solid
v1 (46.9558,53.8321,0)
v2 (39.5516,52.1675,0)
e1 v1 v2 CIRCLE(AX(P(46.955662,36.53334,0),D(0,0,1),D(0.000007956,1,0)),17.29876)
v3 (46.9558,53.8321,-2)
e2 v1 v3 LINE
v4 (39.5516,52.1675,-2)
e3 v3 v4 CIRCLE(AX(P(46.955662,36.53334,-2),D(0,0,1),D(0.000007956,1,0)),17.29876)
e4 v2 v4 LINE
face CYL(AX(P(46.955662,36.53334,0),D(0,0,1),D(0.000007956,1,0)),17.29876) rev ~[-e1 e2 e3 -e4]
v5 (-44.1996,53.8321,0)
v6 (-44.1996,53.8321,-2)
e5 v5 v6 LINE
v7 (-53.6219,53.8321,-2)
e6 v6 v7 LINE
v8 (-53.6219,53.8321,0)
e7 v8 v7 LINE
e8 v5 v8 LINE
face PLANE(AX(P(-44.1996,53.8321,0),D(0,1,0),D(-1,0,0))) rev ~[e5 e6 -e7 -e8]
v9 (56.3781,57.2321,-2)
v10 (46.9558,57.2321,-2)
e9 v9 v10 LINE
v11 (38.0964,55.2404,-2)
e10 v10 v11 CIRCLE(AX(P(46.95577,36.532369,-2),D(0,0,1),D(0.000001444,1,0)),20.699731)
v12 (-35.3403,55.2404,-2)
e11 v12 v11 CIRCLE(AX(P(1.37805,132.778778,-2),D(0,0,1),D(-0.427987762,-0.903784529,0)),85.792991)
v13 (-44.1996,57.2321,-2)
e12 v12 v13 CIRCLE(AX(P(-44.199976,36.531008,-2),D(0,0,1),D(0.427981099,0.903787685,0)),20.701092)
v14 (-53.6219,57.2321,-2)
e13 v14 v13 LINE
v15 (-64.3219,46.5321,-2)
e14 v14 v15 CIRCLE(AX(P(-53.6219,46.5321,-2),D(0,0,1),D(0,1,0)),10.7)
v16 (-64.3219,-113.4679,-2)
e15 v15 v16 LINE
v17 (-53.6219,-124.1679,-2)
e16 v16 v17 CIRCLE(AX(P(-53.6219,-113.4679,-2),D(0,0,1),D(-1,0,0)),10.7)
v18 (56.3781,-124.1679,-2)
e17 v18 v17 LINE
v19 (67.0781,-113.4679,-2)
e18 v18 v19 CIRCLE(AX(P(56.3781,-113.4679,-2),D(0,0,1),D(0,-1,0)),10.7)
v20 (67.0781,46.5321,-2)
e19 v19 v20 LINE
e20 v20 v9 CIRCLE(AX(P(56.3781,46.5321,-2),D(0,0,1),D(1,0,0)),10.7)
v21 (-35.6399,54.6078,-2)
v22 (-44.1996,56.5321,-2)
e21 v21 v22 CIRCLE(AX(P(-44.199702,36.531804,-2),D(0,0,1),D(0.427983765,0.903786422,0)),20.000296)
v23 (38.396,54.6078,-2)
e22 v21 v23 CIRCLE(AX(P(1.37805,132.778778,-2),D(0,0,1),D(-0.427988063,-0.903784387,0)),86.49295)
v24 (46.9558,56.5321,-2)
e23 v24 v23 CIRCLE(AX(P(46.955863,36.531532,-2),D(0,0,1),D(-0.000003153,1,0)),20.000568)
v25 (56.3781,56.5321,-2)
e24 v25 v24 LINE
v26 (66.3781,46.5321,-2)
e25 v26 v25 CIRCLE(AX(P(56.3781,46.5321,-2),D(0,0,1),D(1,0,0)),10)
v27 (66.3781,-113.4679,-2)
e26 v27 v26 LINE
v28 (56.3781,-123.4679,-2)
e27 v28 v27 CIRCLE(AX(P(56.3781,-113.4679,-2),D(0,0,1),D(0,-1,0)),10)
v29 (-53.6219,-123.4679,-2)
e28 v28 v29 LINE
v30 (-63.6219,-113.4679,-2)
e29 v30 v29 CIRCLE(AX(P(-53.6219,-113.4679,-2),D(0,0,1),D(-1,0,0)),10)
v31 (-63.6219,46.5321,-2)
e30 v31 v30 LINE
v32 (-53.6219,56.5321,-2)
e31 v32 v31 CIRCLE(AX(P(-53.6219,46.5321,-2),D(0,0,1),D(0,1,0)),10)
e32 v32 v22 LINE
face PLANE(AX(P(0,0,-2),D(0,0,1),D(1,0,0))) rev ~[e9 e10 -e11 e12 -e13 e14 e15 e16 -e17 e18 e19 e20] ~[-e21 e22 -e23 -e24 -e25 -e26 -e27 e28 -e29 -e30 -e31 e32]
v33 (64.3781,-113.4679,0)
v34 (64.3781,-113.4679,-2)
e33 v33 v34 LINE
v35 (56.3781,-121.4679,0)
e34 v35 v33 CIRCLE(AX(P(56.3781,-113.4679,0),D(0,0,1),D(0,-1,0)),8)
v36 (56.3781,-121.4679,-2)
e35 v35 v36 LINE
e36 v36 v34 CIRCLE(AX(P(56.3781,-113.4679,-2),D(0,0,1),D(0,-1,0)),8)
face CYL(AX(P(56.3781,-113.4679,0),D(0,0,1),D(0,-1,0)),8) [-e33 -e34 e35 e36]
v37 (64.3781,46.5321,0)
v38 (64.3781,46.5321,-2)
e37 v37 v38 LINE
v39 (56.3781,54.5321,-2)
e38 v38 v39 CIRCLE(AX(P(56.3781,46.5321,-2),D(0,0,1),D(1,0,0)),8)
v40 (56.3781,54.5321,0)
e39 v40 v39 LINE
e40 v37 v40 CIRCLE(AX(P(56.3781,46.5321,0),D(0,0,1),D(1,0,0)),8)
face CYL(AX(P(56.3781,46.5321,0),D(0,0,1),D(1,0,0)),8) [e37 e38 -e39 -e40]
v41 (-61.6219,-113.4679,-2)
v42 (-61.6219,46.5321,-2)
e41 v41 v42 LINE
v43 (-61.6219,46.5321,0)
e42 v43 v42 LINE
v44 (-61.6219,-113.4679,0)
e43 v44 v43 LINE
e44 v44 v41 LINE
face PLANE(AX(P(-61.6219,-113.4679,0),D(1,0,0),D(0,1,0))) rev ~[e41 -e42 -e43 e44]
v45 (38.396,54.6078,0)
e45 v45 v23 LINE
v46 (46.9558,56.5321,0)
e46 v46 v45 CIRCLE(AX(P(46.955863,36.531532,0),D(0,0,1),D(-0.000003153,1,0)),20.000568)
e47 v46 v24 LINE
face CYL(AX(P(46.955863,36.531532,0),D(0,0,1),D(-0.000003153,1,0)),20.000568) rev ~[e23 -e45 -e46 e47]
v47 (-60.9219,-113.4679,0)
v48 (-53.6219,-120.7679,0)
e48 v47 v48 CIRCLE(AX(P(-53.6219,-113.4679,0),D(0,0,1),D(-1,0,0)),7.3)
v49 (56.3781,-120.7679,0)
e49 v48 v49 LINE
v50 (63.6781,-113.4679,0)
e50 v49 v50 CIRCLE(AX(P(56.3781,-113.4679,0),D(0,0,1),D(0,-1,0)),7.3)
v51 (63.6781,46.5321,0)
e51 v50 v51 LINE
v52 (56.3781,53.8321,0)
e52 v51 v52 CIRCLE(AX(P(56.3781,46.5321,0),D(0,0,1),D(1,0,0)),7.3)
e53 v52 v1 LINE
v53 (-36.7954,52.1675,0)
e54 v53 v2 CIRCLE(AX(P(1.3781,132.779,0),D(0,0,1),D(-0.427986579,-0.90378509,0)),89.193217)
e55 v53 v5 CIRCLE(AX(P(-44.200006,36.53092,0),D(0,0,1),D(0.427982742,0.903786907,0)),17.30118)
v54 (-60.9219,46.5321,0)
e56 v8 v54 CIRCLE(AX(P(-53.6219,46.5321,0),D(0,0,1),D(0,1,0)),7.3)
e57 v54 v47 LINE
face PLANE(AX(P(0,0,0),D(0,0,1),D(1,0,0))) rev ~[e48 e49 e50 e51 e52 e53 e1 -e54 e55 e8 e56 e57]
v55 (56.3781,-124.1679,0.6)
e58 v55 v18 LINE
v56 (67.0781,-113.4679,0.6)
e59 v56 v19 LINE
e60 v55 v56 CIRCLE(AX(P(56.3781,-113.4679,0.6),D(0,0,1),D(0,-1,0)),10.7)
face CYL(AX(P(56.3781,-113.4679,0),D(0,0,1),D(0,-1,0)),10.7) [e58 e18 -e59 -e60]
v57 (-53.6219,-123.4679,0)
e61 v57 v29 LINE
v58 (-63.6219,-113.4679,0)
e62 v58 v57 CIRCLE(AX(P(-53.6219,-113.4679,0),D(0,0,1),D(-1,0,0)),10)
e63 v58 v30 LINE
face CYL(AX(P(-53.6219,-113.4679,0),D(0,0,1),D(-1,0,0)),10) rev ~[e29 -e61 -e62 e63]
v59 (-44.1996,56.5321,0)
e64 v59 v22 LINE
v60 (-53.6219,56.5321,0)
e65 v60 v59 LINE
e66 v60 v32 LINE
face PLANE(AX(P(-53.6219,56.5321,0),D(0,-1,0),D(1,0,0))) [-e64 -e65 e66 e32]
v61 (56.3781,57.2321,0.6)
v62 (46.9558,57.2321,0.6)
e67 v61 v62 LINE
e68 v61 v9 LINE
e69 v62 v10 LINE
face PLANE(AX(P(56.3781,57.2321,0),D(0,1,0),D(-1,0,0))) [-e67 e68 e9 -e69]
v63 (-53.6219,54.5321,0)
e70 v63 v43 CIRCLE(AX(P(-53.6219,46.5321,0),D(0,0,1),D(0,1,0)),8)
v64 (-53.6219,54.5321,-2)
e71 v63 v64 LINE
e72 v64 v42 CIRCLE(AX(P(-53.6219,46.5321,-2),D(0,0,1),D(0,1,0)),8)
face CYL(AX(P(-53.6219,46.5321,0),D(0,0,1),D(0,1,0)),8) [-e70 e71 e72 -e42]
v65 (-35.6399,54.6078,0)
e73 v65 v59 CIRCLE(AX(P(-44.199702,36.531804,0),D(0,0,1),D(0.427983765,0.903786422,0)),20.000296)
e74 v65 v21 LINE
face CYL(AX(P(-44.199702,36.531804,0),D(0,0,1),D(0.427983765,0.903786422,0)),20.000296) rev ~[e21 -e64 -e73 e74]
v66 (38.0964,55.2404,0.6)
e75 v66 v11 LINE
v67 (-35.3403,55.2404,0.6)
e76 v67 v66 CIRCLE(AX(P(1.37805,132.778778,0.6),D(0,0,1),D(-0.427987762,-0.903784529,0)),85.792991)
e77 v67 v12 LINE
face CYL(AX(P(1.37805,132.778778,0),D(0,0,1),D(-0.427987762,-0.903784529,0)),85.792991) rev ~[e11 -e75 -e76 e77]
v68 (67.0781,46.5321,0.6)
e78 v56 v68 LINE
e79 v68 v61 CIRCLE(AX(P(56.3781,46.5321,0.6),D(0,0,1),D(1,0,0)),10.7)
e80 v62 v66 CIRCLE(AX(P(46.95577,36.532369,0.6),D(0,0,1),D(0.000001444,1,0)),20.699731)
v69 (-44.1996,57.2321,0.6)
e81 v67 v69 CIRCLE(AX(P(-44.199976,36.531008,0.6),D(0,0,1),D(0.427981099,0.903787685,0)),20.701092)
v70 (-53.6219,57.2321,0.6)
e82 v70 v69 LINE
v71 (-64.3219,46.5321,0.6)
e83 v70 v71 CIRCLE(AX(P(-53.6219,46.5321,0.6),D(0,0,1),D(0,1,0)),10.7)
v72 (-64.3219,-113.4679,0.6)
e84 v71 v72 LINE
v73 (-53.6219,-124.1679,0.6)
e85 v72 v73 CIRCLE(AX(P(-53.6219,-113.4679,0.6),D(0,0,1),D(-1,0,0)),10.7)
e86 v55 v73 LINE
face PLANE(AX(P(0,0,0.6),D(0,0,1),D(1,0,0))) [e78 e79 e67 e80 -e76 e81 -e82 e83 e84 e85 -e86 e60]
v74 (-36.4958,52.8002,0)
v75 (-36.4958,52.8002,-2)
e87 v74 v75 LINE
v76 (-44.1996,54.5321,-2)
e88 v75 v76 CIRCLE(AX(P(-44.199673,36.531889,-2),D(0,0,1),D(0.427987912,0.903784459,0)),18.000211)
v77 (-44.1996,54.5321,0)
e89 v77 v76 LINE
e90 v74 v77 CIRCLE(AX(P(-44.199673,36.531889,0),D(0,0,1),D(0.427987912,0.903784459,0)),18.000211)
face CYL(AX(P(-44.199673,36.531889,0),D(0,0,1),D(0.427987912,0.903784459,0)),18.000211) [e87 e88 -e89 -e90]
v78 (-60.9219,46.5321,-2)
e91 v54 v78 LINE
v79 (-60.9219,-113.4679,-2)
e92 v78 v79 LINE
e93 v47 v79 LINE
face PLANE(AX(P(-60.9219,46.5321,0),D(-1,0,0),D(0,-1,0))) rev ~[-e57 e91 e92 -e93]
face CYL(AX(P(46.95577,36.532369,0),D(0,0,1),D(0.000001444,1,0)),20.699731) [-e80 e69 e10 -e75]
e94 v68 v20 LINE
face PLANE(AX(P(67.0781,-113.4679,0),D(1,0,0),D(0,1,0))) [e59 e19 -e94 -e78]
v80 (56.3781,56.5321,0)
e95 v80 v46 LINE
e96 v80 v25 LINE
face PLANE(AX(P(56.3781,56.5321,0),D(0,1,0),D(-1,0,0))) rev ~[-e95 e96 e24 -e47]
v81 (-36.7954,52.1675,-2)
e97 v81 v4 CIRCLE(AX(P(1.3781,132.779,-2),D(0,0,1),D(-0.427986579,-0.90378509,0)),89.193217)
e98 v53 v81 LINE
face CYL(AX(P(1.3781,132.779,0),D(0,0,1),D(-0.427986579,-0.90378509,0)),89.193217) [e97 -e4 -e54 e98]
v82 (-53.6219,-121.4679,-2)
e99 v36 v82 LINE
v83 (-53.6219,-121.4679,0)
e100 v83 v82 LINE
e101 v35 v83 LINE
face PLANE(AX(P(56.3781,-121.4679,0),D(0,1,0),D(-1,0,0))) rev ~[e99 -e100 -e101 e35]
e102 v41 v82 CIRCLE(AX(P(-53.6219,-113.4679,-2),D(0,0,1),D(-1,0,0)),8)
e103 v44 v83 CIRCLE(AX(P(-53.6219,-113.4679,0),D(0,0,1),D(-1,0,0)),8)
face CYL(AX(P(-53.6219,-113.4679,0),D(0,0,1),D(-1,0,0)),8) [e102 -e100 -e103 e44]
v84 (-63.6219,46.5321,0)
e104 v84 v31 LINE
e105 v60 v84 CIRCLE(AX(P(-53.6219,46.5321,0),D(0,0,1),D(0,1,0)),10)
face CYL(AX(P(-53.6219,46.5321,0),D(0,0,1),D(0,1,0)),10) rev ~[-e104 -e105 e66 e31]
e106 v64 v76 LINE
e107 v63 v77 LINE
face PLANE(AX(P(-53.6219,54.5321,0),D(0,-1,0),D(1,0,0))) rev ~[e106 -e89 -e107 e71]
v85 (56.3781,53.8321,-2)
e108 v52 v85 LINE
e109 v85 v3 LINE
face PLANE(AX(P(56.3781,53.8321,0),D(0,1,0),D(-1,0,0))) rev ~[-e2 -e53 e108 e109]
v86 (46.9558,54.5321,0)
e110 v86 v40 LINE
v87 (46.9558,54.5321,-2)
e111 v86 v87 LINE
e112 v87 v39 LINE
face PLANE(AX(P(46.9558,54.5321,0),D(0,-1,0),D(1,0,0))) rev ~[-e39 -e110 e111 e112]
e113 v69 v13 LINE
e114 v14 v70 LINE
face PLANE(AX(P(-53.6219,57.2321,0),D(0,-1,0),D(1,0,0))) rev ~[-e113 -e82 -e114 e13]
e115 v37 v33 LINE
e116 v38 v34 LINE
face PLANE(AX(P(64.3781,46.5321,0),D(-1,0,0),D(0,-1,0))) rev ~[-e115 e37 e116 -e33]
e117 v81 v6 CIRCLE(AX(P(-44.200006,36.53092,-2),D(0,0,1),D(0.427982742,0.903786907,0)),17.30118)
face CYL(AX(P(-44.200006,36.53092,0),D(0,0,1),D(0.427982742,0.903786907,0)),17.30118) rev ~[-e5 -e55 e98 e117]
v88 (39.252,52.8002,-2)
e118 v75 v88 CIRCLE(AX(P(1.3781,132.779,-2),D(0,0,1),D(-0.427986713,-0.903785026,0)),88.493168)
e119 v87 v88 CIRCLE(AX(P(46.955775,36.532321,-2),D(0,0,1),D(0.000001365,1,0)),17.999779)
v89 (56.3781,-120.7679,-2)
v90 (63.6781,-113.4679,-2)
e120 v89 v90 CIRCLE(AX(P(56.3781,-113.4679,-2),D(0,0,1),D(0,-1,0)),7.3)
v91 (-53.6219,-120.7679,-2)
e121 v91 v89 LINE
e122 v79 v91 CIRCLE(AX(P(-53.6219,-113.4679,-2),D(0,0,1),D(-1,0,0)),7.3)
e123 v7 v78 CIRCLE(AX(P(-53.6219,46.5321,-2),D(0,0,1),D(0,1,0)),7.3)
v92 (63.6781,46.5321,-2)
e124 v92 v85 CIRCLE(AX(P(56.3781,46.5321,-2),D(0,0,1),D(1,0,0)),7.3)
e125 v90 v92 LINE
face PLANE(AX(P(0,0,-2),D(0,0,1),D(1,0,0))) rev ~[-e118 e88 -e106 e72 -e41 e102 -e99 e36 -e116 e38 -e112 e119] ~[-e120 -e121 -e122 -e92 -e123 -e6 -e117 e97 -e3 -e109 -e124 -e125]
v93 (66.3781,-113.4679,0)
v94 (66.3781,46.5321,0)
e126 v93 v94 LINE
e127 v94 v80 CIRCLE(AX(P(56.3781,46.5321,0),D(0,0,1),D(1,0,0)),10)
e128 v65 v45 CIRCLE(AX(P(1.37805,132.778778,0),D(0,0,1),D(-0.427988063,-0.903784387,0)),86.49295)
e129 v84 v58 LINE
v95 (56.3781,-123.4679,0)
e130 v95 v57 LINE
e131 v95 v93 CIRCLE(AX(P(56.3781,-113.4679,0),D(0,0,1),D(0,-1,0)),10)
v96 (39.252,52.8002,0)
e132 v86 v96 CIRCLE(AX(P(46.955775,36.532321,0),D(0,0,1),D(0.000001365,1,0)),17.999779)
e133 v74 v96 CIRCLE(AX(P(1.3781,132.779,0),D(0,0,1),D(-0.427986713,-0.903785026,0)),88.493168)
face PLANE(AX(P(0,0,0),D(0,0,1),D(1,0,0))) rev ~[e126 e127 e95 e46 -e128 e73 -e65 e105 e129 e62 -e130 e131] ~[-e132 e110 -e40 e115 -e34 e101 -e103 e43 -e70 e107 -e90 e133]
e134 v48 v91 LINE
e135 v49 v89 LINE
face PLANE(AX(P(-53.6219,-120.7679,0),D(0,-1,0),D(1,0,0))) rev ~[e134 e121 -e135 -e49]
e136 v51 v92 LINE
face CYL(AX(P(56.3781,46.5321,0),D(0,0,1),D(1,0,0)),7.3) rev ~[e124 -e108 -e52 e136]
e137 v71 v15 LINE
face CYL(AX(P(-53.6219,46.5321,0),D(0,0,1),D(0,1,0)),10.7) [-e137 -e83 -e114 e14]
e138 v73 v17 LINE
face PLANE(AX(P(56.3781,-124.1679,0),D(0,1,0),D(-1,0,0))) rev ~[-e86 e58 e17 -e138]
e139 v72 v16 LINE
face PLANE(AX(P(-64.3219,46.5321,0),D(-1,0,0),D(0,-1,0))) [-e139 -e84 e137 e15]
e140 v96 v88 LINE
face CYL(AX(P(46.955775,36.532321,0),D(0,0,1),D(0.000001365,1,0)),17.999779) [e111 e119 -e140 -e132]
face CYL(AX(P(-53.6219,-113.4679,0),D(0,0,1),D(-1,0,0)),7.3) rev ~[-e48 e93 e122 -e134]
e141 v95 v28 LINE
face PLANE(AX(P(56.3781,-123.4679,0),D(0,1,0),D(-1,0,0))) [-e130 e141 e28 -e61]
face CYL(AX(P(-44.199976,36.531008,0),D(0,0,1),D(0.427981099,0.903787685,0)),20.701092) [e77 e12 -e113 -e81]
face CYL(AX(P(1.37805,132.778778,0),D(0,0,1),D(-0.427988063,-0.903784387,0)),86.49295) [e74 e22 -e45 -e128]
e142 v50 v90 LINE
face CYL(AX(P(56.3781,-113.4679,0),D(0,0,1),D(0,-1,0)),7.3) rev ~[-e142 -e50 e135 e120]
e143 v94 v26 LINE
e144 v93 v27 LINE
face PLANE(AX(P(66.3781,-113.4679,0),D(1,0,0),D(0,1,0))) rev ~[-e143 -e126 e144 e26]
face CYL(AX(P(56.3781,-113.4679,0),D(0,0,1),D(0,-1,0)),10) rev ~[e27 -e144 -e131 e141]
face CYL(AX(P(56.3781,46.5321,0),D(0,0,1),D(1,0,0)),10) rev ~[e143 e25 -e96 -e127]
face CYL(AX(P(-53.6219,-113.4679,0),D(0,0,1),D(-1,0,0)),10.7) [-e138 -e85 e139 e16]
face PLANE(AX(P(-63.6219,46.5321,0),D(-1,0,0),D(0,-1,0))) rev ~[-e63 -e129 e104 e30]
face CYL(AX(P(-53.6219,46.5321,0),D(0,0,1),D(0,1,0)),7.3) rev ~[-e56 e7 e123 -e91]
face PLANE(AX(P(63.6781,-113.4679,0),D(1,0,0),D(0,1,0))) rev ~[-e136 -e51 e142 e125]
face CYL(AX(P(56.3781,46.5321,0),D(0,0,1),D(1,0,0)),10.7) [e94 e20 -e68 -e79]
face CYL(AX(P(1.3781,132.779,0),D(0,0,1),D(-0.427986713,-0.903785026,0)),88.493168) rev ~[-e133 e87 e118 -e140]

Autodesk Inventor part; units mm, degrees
ref_plane "YZ Plane" through (0, 0, 0) normal (1, 0, 0) x (0, 1, 0)
ref_plane "XZ Plane" through (0, 0, 0) normal (0, 1, 0) x (-1, 0, 0)
ref_plane "XY Plane" through (0, 0, 0) normal (0, 0, 1) x (1, 0, 0)
sketch "Sketch1" plane through (0, 0, 0) normal (0, 0, 1) x (1, 0, 0)
  line L0 (-63.6219, 46.5321) -> (-63.6219, -113.4679)
  line L1 (-63.6219, -113.4679) -> (-63.6219, 46.5321)
  arc A0 (-53.6219, 56.5321) -> (-63.6219, 46.5321) centre (-53.6219, 46.5321) ccw
  arc A1 (-35.6399, 54.6078) -> (-44.1996, 56.5321) centre (-44.1996, 36.5321) ccw
  line L2 (-53.6219, 56.5321) -> (-44.1996, 56.5321)
  arc A2 (46.9558, 56.5321) -> (38.396, 54.6078) centre (46.9558, 36.5321) ccw
  line L3 (56.3781, 56.5321) -> (46.9558, 56.5321)
  line L4 (46.9558, 56.5321) -> (56.3781, 56.5321)
  line L5 (66.3781, -113.4679) -> (66.3781, 46.5321)
  line L6 (66.3781, 46.5321) -> (66.3781, -113.4679)
  arc A3 (56.3781, -123.4679) -> (66.3781, -113.4679) centre (56.3781, -113.4679) ccw
  line L7 (56.3781, -123.4679) -> (-53.6219, -123.4679)
  arc A4 (-63.6219, -113.4679) -> (-53.6219, -123.4679) centre (-53.6219, -113.4679) ccw
  arc A5 (-63.6219, -113.4679) -> (-53.6219, -123.4679) centre (-53.6219, -113.4679) ccw
  arc A6 (-53.6219, 56.5321) -> (-63.6219, 46.5321) centre (-53.6219, 46.5321) ccw
  arc A7 (-35.6399, 54.6078) -> (38.396, 54.6078) centre (1.3781, 132.779) ccw
  arc A8 (-35.6399, 54.6078) -> (38.396, 54.6078) centre (1.3781, 132.779) ccw
  arc A9 (66.3781, 46.5321) -> (56.3781, 56.5321) centre (56.3781, 46.5321) ccw
  arc A10 (56.3781, -123.4679) -> (66.3781, -113.4679) centre (56.3781, -113.4679) ccw
  arc A11 (66.3781, 46.5321) -> (56.3781, 56.5321) centre (56.3781, 46.5321) ccw
  arc A12 (-35.6399, 54.6078) -> (-44.1996, 56.5321) centre (-44.1996, 36.5321) ccw
  arc A13 (46.9558, 56.5321) -> (38.396, 54.6078) centre (46.9558, 36.5321) ccw
  line L8 (-53.6219, -123.4679) -> (56.3781, -123.4679)
  line L9 (-53.6219, -123.4679) -> (56.3781, -123.4679)
  line L10 (-61.6219, -113.4679) -> (-61.6219, 46.5321)
  arc A14 (-53.6219, 54.5321) -> (-61.6219, 46.5321) centre (-53.6219, 46.5321) ccw
  line L11 (-53.6219, 54.5321) -> (-44.1996, 54.5321)
  arc A15 (-36.4958, 52.8002) -> (-44.1996, 54.5321) centre (-44.1996, 36.5321) ccw
  arc A16 (-36.4958, 52.8002) -> (39.252, 52.8002) centre (1.3781, 132.779) ccw
  arc A17 (46.9558, 54.5321) -> (39.252, 52.8002) centre (46.9558, 36.5321) ccw
  line L12 (46.9558, 54.5321) -> (56.3781, 54.5321)
  arc A18 (64.3781, 46.5321) -> (56.3781, 54.5321) centre (56.3781, 46.5321) ccw
  line L13 (64.3781, 46.5321) -> (64.3781, -113.4679)
  arc A19 (56.3781, -121.4679) -> (64.3781, -113.4679) centre (56.3781, -113.4679) ccw
  line L14 (56.3781, -121.4679) -> (-53.6219, -121.4679)
  arc A20 (-61.6219, -113.4679) -> (-53.6219, -121.4679) centre (-53.6219, -113.4679) ccw
  arc A21 (-53.6219, 57.2321) -> (-64.3219, 46.5321) centre (-53.6219, 46.5321) ccw
  line L15 (-53.6219, 57.2321) -> (-44.1996, 57.2321)
  arc A22 (-35.3403, 55.2404) -> (-44.1996, 57.2321) centre (-44.1996, 36.5321) ccw
  arc A23 (-35.3403, 55.2404) -> (38.0964, 55.2404) centre (1.3781, 132.779) ccw
  arc A24 (46.9558, 57.2321) -> (38.0964, 55.2404) centre (46.9558, 36.5321) ccw
  line L16 (-64.3219, 46.5321) -> (-64.3219, -113.4679)
  line L17 (56.3781, 57.2321) -> (46.9558, 57.2321)
  arc A25 (67.0781, 46.5321) -> (56.3781, 57.2321) centre (56.3781, 46.5321) ccw
  line L18 (67.0781, -113.4679) -> (67.0781, 46.5321)
  arc A26 (56.3781, -124.1679) -> (67.0781, -113.4679) centre (56.3781, -113.4679) ccw
  line L19 (56.3781, -124.1679) -> (-53.6219, -124.1679)
  arc A27 (-64.3219, -113.4679) -> (-53.6219, -124.1679) centre (-53.6219, -113.4679) ccw
  line L20 (-60.9219, 46.5321) -> (-60.9219, -113.4679)
  arc A28 (-60.9219, -113.4679) -> (-53.6219, -120.7679) centre (-53.6219, -113.4679) ccw
  line L21 (-53.6219, -120.7679) -> (56.3781, -120.7679)
  arc A29 (56.3781, -120.7679) -> (63.6781, -113.4679) centre (56.3781, -113.4679) ccw
  line L22 (63.6781, -113.4679) -> (63.6781, 46.5321)
  arc A30 (63.6781, 46.5321) -> (56.3781, 53.8321) centre (56.3781, 46.5321) ccw
  line L23 (56.3781, 53.8321) -> (46.9558, 53.8321)
  arc A31 (46.9558, 53.8321) -> (39.5516, 52.1675) centre (46.9558, 36.5321) ccw
  arc A32 (-36.7954, 52.1675) -> (39.5516, 52.1675) centre (1.3781, 132.779) ccw
  arc A33 (-36.7954, 52.1675) -> (-44.1996, 53.8321) centre (-44.1996, 36.5321) ccw
  line L24 (-44.1996, 53.8321) -> (-53.6219, 53.8321)
  arc A34 (-53.6219, 53.8321) -> (-60.9219, 46.5321) centre (-53.6219, 46.5321) ccw
  point P0 (0, 0)
  point P1 (1.3781, -33.4679)
  dimension "d0" = 2
  dimension "d1" = 0.7
  dimension "d2" = 0.7
  dimension "d3" = 0.7
  dimension "d4" = 0.7
  dimension "d5" = 0.7
  dimension "d6" = 0.7
  dimension "d7" = 0.7
  dimension "d8" = 0.7
  dimension "d11" = 0.7
extrude "Extrusion1" add sketch "Sketch1" along normal blind 0.6 contours A0 L2 A1 A7 A2 L3 A9 L5 A3 L7 A4 L0 | L10 A14 L11 A15 A16 A17 L12 A18 L13 A19 L14 A20 | L15 A22 A23 A24 L17 A25 L18 A26 L19 A27 L16 A21 | A34 L24 A33 A32 A31 L23 A30 L22 A29 L21 A28 L20
extrude "Extrusion2" add sketch "Sketch1" against normal blind 2
properties part number "cover"
